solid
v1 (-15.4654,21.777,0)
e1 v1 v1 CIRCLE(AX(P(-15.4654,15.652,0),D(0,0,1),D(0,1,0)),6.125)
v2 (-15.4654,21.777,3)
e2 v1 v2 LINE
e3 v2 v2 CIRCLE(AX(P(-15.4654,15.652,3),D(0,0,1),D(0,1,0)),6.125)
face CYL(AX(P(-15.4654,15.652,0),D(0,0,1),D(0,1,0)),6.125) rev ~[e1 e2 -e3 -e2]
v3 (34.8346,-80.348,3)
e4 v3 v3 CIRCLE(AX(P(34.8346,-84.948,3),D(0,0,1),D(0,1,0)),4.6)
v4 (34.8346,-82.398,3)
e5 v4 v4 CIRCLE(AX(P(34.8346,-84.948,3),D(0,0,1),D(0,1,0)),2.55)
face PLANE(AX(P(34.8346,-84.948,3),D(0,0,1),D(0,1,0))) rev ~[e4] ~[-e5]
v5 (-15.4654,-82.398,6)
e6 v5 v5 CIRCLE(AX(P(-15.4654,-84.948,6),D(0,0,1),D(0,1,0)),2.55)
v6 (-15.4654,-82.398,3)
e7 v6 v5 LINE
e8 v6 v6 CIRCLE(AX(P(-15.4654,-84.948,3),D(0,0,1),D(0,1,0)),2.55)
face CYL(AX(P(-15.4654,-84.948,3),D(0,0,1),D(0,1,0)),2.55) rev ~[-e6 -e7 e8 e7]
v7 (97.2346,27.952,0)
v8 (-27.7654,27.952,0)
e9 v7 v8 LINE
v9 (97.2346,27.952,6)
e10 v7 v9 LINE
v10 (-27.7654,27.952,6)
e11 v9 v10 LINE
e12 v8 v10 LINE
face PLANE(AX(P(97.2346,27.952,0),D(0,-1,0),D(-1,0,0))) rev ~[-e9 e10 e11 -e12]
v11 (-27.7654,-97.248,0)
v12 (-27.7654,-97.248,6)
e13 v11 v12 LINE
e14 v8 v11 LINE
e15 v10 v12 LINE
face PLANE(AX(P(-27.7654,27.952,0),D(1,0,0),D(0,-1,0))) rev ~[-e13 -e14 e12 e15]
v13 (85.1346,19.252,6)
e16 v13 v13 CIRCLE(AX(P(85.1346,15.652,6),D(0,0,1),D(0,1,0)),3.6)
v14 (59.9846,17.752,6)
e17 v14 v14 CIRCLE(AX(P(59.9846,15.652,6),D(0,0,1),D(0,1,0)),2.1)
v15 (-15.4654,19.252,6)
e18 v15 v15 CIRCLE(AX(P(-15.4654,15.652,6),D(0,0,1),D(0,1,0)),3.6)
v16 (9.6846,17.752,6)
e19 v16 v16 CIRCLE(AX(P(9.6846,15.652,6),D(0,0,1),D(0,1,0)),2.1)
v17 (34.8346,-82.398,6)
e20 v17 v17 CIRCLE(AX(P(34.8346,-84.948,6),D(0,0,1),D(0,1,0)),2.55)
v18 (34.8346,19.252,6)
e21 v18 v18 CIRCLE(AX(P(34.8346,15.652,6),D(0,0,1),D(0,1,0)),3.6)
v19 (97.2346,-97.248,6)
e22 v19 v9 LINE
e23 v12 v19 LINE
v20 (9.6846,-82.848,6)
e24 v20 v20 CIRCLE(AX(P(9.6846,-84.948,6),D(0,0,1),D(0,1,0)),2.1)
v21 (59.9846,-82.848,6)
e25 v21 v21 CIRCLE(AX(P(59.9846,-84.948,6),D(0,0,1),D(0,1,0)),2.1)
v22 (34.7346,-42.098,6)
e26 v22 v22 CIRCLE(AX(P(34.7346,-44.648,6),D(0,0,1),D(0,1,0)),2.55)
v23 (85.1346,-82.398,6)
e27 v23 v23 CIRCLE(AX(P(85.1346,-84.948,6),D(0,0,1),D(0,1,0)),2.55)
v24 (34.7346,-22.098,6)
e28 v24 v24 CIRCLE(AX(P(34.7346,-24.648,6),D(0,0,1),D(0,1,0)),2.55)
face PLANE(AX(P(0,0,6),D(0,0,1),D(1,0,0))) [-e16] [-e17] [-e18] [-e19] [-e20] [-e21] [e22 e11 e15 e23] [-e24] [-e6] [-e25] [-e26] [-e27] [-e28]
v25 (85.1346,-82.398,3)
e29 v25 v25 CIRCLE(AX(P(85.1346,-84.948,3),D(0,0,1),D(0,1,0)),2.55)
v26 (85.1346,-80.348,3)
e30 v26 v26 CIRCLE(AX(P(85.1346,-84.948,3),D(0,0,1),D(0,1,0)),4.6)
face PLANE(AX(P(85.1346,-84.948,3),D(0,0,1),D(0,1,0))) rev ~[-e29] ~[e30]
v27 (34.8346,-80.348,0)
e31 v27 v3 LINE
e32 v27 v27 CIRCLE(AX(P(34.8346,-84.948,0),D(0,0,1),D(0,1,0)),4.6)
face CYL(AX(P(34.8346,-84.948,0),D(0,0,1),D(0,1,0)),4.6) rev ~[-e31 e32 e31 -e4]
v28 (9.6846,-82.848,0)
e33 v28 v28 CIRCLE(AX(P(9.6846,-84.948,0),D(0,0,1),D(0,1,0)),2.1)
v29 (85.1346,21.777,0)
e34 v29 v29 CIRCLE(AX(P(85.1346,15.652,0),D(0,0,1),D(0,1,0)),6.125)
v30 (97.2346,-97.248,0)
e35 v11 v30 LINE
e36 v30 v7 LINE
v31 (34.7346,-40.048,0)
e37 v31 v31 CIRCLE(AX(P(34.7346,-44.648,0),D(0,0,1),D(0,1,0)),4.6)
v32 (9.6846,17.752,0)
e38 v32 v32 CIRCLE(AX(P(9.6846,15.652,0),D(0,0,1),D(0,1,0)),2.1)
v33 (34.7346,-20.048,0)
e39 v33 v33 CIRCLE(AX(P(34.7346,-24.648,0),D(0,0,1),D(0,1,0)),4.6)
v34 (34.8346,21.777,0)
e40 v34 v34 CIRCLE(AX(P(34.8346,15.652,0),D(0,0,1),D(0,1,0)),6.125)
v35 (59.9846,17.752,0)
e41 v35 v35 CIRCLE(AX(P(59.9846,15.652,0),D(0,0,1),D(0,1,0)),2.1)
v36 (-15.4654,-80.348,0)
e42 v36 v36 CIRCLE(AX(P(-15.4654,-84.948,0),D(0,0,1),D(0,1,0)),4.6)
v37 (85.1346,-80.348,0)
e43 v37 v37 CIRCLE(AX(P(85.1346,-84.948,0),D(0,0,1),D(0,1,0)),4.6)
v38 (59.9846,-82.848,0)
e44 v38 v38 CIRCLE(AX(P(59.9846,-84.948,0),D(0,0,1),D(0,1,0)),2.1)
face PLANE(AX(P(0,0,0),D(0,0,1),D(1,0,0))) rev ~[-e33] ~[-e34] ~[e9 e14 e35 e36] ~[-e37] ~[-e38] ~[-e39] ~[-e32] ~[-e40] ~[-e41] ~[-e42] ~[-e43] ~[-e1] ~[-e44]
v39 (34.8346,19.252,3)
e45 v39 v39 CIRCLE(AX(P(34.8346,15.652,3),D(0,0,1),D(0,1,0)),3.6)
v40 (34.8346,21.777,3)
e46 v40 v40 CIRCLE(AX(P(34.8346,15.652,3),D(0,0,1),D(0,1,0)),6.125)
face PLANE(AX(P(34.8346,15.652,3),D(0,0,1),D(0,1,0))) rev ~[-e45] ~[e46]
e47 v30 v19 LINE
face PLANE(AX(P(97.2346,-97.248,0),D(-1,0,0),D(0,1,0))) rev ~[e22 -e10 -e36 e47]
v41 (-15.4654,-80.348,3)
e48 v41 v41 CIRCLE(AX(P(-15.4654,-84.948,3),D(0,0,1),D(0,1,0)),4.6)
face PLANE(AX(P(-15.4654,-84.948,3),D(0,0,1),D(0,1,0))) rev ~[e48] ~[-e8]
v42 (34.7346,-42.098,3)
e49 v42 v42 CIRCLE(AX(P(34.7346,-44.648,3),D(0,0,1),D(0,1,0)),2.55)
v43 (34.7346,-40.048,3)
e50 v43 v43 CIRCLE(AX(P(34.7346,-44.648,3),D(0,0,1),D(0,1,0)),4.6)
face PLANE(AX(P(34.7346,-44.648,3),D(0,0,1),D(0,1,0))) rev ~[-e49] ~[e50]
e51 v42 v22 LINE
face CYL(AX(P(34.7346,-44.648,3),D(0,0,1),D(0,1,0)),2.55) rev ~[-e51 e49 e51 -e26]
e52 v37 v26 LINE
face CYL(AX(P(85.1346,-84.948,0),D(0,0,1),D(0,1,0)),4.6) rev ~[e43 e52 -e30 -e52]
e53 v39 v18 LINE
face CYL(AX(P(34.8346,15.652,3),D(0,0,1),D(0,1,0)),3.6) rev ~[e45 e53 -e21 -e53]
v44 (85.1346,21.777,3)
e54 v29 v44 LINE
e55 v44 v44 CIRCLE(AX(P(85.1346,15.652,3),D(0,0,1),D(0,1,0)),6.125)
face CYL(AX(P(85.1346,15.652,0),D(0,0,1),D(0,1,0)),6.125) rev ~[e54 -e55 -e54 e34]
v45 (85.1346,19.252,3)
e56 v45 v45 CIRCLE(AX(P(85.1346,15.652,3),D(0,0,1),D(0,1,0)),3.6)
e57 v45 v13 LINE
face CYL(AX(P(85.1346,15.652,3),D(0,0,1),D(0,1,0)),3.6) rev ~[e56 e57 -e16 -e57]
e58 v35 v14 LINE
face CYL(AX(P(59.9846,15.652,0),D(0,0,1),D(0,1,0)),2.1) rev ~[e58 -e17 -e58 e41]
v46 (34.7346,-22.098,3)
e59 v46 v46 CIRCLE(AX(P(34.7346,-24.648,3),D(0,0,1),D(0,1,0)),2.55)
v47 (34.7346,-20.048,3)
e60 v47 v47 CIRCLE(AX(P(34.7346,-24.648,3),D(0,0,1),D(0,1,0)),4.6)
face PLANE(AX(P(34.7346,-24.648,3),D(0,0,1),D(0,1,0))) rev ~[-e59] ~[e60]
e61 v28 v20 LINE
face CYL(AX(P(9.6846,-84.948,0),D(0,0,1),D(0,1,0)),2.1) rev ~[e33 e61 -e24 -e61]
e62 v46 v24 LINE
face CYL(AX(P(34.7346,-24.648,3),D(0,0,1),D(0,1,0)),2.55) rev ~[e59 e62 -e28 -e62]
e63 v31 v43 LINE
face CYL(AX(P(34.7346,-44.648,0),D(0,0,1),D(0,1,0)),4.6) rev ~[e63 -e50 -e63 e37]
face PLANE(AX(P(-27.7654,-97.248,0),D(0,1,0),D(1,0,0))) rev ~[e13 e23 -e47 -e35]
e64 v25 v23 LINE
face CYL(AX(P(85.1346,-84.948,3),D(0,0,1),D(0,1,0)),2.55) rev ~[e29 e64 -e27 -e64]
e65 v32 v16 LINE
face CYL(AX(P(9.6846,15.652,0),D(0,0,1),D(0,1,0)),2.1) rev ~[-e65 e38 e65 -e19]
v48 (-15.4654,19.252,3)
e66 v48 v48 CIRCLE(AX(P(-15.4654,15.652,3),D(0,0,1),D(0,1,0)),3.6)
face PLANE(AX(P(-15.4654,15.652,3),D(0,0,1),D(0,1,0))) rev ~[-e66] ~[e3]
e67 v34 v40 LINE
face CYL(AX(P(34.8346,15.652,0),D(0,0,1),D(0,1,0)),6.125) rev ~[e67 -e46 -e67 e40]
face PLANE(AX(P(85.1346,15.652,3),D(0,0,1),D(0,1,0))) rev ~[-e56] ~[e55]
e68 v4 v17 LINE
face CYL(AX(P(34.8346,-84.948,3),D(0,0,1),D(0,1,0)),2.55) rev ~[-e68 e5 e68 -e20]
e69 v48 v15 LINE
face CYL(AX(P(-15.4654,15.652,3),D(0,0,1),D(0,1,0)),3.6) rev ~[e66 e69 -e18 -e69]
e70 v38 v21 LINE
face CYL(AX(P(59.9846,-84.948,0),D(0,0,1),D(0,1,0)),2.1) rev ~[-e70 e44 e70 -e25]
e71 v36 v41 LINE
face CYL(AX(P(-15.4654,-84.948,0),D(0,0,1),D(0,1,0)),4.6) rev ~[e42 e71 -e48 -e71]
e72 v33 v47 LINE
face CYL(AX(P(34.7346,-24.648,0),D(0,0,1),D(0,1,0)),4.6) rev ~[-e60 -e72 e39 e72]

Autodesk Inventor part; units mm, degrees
ref_plane "YZ Plane" through (0, 0, 0) normal (1, 0, 0) x (0, 1, 0)
ref_plane "XZ Plane" through (0, 0, 0) normal (0, 1, 0) x (-1, 0, 0)
ref_plane "XY Plane" through (0, 0, 0) normal (0, 0, 1) x (1, 0, 0)
sketch "Sketch1" plane through (0, 0, 0) normal (0, 0, 1) x (1, 0, 0)
  line L0 (97.2346, 27.952) -> (-27.7654, 27.952)
  line L1 (-27.7654, 27.952) -> (-27.7654, -97.248)
  line L2 (-27.7654, -97.248) -> (97.2346, -97.248)
  line L3 (97.2346, -97.248) -> (97.2346, 27.952)
  line L4 (85.1346, 27.952) -> (85.1346, -97.248) construction
  line L5 (-15.4654, 27.952) -> (-15.4654, -97.248) construction
  line L6 (-37.3152, 15.652) -> (117.1466, 15.652) construction
  line L7 (115.2487, -84.948) -> (-56.3615, -84.948) construction
  line L8 (34.8346, -156.7023) -> (34.8346, 57.8793) construction
  line L9 (59.9846, 68.2484) -> (59.9846, -132.2245) construction
  line L10 (9.6846, 55.4717) -> (9.6846, -128.574) construction
  point P0 (0, 0)
  point P1 (-65.7997, 171.2688)
  point P2 (85.1346, -84.948)
  point P3 (85.1346, 15.652)
  point P4 (-15.4654, 15.652)
  point P5 (-15.4654, -84.948)
  point P6 (34.8346, -84.948)
  point P7 (34.8346, 15.652)
  point P8 (59.9846, 15.652)
  point P9 (9.6846, 15.652)
  point P10 (59.9846, -84.948)
  point P11 (9.6846, -84.948)
  dimension "d0" = 125
  dimension "d1" = 125.2
  dimension "d6" = 100.6
  dimension "d48" = 12.3
  dimension "d49" = 100.6
  dimension "d50" = 50.3
  dimension "d72" = 25.15
  dimension "d73" = 25.15
extrude "Extrusion1" add sketch "Sketch1" along normal blind 6
hole "Hole6" at (85.1346, -84.948, 0) at (34.8346, -84.948, 0) at (-15.4654, -84.948, 0) direction (0, 0, 1) diameter 5.1 end through all counterbore diameter 9.2 counterbore depth 3
sketch "Sketch2" plane through (0, 0, 6) normal (0, 0, 1) x (1, 0, 0)
  line L0 (86.1945, -57.9789) -> (32.1694, -57.9789) construction
  line L1 (32.1694, -57.9789) -> (32.1694, -50.1092) construction
  line L2 (32.1694, -50.1092) -> (86.1945, -50.1092) construction
  line L3 (86.1945, -50.1092) -> (86.1945, -57.9789) construction
  point P0 (0, 0)
sketch "Sketch3" plane through (0, 0, 0) normal (0, 0, -1) x (-1, 0, 0)
  point P0 (0, 0)
hole "Hole7" at (85.1346, 15.652, 0) at (34.8346, 15.652, 0) at (-15.4654, 15.652, 0) direction (0, 0, 1) diameter 7.2 end through all counterbore diameter 12.25 counterbore depth 3
sketch "Sketch5" plane through (0, 0, 0) normal (0, 0, -1) x (-1, 0, 0)
  line L0 (27.7654, -97.248) -> (-97.2346, -97.248) construction
  line L1 (-97.2346, -97.248) -> (-97.2346, 27.952) construction
  line L2 (27.7654, 27.952) -> (27.7654, -97.248) construction
  line L3 (-97.2346, 27.952) -> (27.7654, 27.952) construction
  line L4 (-97.2346, -97.248) -> (-97.2346, 27.952) construction
  line L5 (-97.2346, -34.648) -> (27.7654, -34.648) construction
  line L6 (27.7654, 27.952) -> (27.7654, -97.248) construction
  line L7 (-97.2346, -44.648) -> (27.7654, -44.648) construction
  line L8 (-97.2346, -24.648) -> (27.7654, -24.648) construction
  line L9 (27.7654, -97.248) -> (-97.2346, -97.248) construction
  line L10 (-34.7346, -97.248) -> (-34.7346, 27.952) construction
  line L11 (-97.2346, 27.952) -> (27.7654, 27.952) construction
  point P0 (0, 0)
  point P1 (-34.7346, -44.648)
  point P2 (-34.7346, -24.648)
  dimension "d81" = 10
  dimension "d82" = 10
hole "Hole8" at (34.7346, -44.648, 0) at (34.7346, -24.648, 0) direction (0, 0, 1) diameter 5.1 end through all counterbore diameter 9.2 counterbore depth 3
hole "Hole9" at (59.9846, 15.652, 0) at (9.6846, 15.652, 0) at (59.9846, -84.948, 0) at (9.6846, -84.948, 0) direction (0, 0, 1) diameter 4.2 end through all
equation "\"d72\" = 0.5 * d50"
equation "\"d73\" = 0.5 * d50"
properties part number "X axis carriage small_3DPrint"
